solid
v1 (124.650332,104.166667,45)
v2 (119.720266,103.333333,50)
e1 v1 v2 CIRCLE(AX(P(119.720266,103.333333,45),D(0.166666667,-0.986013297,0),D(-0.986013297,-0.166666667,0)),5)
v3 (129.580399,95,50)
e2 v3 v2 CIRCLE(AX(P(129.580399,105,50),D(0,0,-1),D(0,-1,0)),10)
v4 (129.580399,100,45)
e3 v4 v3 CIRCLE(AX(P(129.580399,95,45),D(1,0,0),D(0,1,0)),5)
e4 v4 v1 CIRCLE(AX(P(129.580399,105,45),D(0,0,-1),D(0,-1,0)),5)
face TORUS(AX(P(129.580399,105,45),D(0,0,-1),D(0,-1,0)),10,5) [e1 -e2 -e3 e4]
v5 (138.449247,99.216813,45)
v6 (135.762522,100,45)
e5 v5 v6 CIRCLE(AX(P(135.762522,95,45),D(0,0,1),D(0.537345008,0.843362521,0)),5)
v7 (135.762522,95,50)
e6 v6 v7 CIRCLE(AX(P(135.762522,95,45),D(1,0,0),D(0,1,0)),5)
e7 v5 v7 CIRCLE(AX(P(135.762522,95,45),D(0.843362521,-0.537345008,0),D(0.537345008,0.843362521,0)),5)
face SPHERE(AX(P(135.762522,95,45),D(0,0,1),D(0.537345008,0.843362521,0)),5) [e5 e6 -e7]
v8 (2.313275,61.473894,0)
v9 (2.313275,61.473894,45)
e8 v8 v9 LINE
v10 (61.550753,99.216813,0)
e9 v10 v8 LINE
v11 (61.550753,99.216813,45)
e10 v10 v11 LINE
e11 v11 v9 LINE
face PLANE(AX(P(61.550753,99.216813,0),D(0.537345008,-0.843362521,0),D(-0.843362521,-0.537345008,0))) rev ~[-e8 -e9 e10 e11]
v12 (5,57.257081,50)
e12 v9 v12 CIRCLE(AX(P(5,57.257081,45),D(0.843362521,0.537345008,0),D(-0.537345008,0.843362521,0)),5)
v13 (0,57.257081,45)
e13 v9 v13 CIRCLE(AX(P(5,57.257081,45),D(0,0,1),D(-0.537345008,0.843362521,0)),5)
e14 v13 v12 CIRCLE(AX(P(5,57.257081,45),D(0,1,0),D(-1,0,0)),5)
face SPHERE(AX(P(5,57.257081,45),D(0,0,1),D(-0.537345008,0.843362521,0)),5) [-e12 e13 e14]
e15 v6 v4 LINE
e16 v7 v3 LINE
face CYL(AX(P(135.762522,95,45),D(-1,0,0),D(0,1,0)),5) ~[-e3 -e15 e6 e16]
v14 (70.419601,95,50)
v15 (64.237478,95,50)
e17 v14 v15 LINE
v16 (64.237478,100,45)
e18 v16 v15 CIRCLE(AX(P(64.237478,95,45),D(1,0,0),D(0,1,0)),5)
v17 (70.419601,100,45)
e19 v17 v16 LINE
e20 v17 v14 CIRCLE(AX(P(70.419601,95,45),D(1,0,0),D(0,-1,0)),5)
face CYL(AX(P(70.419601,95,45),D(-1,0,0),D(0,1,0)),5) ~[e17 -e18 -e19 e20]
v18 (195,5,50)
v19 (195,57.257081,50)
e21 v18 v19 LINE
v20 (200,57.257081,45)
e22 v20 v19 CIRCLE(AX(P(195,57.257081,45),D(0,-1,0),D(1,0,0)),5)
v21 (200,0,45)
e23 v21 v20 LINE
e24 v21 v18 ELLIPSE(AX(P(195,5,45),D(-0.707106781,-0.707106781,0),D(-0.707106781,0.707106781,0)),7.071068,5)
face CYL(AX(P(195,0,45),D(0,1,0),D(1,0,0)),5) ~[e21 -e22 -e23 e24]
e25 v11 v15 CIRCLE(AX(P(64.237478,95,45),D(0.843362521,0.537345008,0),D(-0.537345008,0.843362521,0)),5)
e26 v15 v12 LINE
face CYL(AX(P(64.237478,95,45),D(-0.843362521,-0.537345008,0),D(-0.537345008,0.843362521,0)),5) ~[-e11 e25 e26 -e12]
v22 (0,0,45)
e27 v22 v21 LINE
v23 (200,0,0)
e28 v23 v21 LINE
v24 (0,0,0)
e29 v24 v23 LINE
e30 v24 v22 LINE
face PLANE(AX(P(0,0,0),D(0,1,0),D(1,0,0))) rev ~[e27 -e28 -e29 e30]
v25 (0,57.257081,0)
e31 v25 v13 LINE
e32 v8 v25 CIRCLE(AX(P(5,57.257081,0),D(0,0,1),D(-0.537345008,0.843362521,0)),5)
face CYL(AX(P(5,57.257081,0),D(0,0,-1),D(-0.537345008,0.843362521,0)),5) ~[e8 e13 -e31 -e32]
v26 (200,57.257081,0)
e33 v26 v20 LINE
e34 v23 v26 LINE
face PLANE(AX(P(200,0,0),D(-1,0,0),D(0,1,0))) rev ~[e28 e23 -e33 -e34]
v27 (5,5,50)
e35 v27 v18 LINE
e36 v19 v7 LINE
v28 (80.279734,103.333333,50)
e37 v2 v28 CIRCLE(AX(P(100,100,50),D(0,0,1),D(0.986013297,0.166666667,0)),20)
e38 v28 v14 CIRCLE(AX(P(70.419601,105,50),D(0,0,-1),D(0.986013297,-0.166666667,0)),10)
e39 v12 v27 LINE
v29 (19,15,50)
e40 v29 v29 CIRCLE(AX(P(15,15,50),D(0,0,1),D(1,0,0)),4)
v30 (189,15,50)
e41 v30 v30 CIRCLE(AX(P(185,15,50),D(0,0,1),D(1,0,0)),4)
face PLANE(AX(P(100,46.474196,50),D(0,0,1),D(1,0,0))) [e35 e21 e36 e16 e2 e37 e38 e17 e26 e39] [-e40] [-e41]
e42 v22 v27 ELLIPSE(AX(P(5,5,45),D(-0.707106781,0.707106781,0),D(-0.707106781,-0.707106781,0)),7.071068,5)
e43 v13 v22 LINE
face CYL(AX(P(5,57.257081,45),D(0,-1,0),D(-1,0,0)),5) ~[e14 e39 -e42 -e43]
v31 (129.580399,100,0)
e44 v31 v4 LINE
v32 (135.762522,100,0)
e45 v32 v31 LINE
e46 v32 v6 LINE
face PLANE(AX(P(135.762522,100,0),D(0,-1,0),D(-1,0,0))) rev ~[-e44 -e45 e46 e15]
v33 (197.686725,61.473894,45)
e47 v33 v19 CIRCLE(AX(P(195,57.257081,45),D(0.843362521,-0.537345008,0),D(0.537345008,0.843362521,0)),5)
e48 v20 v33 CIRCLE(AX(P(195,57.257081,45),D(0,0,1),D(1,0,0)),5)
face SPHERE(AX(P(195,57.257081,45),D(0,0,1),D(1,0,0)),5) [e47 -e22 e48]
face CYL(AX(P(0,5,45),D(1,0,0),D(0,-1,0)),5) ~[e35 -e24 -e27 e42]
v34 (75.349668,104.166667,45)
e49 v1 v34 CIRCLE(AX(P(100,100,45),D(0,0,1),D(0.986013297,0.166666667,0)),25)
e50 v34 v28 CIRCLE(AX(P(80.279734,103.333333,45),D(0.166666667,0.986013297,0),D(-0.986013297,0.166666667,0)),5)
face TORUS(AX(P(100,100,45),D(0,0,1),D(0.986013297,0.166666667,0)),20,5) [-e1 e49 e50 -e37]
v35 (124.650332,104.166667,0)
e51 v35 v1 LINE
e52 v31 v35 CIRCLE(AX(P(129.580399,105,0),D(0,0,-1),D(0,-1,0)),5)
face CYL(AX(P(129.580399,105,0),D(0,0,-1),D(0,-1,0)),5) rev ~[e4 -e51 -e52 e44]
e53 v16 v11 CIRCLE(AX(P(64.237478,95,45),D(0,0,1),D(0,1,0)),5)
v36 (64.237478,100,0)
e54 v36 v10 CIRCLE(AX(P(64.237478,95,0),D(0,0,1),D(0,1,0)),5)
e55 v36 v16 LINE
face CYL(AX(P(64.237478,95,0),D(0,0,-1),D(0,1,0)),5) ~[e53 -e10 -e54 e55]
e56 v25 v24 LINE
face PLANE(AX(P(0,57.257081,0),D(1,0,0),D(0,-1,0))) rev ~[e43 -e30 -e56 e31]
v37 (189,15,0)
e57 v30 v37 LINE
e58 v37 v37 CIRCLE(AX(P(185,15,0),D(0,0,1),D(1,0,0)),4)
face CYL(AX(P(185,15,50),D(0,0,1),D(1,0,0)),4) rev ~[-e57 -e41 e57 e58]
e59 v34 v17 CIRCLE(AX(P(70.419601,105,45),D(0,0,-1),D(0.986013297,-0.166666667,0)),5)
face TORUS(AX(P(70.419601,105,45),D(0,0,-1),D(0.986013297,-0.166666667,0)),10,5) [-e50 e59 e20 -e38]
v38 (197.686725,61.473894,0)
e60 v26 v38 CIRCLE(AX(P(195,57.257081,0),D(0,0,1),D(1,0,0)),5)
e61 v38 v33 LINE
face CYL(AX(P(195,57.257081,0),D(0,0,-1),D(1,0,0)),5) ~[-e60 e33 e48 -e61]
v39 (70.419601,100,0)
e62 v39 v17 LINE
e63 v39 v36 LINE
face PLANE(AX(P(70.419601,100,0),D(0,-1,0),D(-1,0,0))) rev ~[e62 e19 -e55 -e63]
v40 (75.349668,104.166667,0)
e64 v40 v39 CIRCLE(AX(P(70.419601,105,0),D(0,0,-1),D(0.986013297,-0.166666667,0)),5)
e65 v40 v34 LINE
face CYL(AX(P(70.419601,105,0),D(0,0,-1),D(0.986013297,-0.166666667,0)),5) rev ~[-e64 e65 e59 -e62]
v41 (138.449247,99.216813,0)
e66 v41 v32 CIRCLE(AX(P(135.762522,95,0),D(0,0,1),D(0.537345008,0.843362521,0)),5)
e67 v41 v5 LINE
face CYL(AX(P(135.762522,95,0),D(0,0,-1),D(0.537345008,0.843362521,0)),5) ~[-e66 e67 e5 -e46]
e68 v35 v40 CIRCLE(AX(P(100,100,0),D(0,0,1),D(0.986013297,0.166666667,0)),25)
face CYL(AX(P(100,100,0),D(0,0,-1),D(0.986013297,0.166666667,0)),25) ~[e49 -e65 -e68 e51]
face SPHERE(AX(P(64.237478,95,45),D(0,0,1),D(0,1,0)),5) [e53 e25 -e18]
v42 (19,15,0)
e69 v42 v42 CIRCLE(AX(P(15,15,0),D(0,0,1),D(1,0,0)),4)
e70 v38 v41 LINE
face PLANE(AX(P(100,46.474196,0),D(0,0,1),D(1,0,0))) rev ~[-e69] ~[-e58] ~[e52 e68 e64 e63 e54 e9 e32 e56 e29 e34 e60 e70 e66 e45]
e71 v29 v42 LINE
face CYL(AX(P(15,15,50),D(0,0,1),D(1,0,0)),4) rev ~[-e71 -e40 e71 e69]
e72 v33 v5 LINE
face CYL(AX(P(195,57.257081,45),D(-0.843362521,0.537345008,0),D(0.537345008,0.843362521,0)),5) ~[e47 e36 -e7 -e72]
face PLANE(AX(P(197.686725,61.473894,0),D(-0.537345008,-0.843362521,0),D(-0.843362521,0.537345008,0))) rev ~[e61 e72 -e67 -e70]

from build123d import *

# Parameters (mm, degrees)
F1_DEPTH = 50
F2_R     = 5
F3_R     = 4
F4_DEPTH = 50.001


with BuildPart() as f1:
    # F0 (on Top) → F1 (new body)
    with BuildSketch(Plane.XY):
        with BuildLine():
            Line((0, 57.2570811482), (0, 0))
            Line((0, 0), (200, 0))
            Line((200, 0), (200, 57.2570811482))
            ThreePointArc((200, 57.2570811482), (199.3836985076, 59.6619070036), (197.6867250421, 61.4738937535))
            Line((197.6867250421, 61.4738937535), (138.4492468932, 99.2168126053))
            ThreePointArc((138.4492468932, 99.2168126053), (137.1617961225, 99.8002116113), (135.7625218511, 100))
            Line((135.7625218511, 100), (129.5803989155, 100))
            ThreePointArc((129.5803989155, 100), (126.3529127937, 101.1811869209), (124.6503324296, 104.1666666667))
            ThreePointArc((124.6503324296, 104.1666666667), (100, 125), (75.3496675704, 104.1666666667))
            ThreePointArc((75.3496675704, 104.1666666667), (73.6470872063, 101.1811869209), (70.4196010845, 100))
            Line((70.4196010845, 100), (64.2374781489, 100))
            ThreePointArc((64.2374781489, 100), (62.8382038775, 99.8002116113), (61.5507531068, 99.2168126053))
            Line((61.5507531068, 99.2168126053), (2.3132749579, 61.4738937535))
            ThreePointArc((2.3132749579, 61.4738937535), (0.6163014924, 59.6619070036), (0, 57.2570811482))
        make_face()
    extrude(amount=F1_DEPTH)

    # F2
    f2_edges = [f1.edges().sort_by_distance(p)[0] for p in [
        (0, 28.628541, 50),
        (100, 0, 50),
        (200, 28.628541, 50),
        (199.383699, 59.661907, 50),
        (168.067986, 80.345353, 50),
        (137.161796, 99.800212, 50),
        (132.67146, 100, 50),
        (126.352913, 101.181187, 50),
        (100, 125, 50),
        (73.647087, 101.181187, 50),
        (67.32854, 100, 50),
        (62.838204, 99.800212, 50),
        (31.932014, 80.345353, 50),
        (0.616301, 59.661907, 50),
    ]]
    fillet(f2_edges, radius=F2_R)

    # F3 (on face) → F4 (cut, through all)
    with BuildSketch(Plane.XY.offset(50)):
        with Locations((185, 15)):
            Circle(F3_R)
        with Locations((15, 15)):
            Circle(F3_R)
    extrude(amount=-F4_DEPTH, mode=Mode.SUBTRACT)


solid = f1.part
